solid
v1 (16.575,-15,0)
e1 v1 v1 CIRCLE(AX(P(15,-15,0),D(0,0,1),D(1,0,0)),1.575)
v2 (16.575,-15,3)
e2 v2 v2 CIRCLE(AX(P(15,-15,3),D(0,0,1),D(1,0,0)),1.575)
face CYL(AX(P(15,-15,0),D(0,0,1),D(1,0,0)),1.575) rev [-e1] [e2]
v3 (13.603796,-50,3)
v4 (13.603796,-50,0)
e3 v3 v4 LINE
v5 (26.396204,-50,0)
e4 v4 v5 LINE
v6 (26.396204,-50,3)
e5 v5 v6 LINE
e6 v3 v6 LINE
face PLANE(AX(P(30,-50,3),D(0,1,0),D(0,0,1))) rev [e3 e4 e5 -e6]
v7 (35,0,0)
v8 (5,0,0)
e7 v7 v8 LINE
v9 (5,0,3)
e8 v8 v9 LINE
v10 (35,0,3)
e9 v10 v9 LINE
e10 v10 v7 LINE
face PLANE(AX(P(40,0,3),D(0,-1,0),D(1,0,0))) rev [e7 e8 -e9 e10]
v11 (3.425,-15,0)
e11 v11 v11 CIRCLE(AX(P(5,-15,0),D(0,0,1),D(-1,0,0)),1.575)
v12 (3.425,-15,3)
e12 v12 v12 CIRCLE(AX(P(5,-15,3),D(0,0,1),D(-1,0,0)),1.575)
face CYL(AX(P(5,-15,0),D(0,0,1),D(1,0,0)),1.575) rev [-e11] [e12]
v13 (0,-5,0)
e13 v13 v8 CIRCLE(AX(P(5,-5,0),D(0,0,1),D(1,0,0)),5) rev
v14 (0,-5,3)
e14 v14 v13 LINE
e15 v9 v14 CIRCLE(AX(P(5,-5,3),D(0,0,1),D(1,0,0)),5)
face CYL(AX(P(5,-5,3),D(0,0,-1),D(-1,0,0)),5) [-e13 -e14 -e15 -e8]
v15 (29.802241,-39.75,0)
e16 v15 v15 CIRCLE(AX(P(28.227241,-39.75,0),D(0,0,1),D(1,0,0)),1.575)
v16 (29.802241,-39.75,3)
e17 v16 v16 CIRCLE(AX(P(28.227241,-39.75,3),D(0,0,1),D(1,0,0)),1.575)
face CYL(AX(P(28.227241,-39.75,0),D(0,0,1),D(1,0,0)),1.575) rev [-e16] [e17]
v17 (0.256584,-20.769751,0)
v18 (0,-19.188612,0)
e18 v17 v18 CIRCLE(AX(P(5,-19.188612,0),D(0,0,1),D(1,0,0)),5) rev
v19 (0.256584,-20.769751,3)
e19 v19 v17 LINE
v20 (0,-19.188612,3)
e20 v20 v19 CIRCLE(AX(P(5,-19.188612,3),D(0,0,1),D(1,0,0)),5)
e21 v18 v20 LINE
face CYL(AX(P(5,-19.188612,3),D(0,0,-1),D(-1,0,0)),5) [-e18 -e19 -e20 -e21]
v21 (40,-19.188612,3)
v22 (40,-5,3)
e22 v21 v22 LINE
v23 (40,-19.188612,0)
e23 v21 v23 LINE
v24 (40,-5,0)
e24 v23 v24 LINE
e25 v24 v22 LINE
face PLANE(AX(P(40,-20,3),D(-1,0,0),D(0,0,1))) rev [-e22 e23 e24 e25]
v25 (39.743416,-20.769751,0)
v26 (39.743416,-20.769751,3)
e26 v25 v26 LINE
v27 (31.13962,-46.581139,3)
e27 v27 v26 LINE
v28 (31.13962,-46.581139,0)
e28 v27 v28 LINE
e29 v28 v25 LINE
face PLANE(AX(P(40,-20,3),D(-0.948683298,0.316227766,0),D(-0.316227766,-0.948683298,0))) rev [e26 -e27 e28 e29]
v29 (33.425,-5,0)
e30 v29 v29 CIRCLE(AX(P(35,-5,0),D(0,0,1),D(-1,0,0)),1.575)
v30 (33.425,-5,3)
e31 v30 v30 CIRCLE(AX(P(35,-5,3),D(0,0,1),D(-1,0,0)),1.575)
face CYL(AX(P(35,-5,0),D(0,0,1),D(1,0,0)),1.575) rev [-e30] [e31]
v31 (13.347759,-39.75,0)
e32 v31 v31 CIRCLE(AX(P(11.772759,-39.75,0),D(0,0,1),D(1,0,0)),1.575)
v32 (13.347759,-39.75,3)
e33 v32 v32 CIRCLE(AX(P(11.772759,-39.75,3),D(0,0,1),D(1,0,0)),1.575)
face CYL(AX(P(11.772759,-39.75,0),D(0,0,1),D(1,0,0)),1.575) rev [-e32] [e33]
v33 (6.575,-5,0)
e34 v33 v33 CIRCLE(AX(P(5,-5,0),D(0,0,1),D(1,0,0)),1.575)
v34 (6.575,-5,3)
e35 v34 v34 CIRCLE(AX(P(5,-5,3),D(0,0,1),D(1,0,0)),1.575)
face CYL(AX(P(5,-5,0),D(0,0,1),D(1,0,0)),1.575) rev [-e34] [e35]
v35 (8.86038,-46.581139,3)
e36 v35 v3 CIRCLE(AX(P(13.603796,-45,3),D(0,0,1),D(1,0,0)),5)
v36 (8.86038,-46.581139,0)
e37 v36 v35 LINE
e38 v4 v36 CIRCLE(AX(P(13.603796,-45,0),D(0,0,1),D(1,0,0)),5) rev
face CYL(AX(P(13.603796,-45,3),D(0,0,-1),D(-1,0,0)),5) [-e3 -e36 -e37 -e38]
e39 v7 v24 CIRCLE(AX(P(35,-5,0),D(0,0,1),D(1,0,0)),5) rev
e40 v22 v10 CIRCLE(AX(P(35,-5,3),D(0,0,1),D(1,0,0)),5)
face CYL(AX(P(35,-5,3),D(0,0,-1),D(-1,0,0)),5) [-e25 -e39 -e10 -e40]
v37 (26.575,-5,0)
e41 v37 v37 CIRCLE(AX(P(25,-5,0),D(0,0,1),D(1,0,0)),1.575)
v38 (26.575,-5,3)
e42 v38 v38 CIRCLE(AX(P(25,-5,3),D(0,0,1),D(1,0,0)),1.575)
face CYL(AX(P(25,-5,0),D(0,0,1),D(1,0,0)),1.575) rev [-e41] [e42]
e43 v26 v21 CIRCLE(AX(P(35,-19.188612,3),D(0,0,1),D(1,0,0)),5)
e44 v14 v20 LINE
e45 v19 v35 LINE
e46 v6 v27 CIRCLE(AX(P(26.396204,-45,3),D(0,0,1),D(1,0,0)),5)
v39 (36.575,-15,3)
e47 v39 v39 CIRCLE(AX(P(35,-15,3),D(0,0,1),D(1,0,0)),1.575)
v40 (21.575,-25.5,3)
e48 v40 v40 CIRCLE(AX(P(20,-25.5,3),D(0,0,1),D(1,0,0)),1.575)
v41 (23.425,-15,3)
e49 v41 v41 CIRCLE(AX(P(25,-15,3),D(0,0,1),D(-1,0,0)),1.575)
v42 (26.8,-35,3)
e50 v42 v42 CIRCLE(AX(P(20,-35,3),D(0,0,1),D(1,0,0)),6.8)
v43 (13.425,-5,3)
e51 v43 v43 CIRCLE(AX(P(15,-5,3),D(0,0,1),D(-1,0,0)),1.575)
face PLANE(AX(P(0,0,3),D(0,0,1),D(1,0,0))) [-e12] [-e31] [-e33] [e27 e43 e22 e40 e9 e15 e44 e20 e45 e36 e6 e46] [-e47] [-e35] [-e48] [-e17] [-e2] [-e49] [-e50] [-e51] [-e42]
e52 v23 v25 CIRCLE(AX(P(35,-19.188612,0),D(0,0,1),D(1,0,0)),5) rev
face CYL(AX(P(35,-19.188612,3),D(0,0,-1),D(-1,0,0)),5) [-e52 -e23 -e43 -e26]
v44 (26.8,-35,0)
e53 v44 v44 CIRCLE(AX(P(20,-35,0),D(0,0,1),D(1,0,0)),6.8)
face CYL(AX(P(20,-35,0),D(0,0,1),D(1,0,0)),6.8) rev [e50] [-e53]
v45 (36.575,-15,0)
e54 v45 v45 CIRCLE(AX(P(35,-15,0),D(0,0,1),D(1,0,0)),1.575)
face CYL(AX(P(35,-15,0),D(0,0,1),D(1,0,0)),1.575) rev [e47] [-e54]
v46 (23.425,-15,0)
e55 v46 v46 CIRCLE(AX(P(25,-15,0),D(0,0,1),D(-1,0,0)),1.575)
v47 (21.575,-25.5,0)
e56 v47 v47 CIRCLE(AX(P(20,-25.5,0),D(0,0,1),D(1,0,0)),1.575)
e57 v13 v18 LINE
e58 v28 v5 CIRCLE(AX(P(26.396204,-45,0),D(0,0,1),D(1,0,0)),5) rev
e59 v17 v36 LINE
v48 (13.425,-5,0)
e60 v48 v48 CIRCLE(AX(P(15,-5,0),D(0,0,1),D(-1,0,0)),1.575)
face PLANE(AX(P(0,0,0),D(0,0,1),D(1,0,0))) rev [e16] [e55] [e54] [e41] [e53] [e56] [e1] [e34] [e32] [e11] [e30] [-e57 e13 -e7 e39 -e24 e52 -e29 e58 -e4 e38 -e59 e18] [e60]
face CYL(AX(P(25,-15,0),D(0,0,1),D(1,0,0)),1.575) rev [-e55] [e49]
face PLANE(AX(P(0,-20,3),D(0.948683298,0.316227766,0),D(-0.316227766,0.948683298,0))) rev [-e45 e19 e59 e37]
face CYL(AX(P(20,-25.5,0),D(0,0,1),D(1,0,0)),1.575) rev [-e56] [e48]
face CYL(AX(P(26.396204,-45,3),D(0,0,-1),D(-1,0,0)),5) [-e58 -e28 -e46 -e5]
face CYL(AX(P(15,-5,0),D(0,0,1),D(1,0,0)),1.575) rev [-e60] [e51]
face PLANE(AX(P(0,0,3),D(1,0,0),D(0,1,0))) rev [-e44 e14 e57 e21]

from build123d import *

# Parameters (mm, degrees)
EXTRUDE_1_DEPTH     = 3
SKETCH_2_R          = 1.575
SKETCH_2_R_2        = 6.8
CUT_EXTRUDE_2_DEPTH = 65.101482042
FILLET_1_R          = 5


with BuildPart() as part:
    # 草图1 → 凸台-拉伸1 (new body)
    with BuildSketch(Plane.XY):
        Polygon((0, 0), (0, -20), (10, -50), (30, -50), (40, -20), (40, 0), align=None)
    extrude(amount=EXTRUDE_1_DEPTH)

    # 草图2 → 切除-拉伸2 (cut, through all)
    with BuildSketch(Plane.XY.offset(3)):
        with Locations((5, -5)):
            Circle(SKETCH_2_R)
        with Locations(Location((15, -5, 0), (0, 0, 180))):
            Circle(SKETCH_2_R)
        with Locations((15, -15)):
            Circle(SKETCH_2_R)
        with Locations(Location((5, -15, 0), (0, 0, 180))):
            Circle(SKETCH_2_R)
        with Locations((35, -15)):
            Circle(SKETCH_2_R)
        with Locations(Location((25, -15, 0), (0, 0, 180))):
            Circle(SKETCH_2_R)
        with Locations((25, -5)):
            Circle(SKETCH_2_R)
        with Locations(Location((35, -5, 0), (0, 0, 180))):
            Circle(SKETCH_2_R)
        with Locations((20, -35)):
            Circle(SKETCH_2_R_2)
        with Locations((20, -25.5)):
            Circle(SKETCH_2_R)
        with Locations((28.227241336, -39.75)):
            Circle(SKETCH_2_R)
        with Locations((11.772758664, -39.75)):
            Circle(SKETCH_2_R)
    extrude(amount=-CUT_EXTRUDE_2_DEPTH, mode=Mode.SUBTRACT)

    # 圆角1
    fillet_1_edges = [part.edges().sort_by_distance(p)[0] for p in [
        (40, 0, 1.5),
        (40, -20, 1.5),
        (30, -50, 1.5),
        (10, -50, 1.5),
        (0, -20, 1.5),
        (0, 0, 1.5),
    ]]
    fillet(fillet_1_edges, radius=FILLET_1_R)


solid = part.part
